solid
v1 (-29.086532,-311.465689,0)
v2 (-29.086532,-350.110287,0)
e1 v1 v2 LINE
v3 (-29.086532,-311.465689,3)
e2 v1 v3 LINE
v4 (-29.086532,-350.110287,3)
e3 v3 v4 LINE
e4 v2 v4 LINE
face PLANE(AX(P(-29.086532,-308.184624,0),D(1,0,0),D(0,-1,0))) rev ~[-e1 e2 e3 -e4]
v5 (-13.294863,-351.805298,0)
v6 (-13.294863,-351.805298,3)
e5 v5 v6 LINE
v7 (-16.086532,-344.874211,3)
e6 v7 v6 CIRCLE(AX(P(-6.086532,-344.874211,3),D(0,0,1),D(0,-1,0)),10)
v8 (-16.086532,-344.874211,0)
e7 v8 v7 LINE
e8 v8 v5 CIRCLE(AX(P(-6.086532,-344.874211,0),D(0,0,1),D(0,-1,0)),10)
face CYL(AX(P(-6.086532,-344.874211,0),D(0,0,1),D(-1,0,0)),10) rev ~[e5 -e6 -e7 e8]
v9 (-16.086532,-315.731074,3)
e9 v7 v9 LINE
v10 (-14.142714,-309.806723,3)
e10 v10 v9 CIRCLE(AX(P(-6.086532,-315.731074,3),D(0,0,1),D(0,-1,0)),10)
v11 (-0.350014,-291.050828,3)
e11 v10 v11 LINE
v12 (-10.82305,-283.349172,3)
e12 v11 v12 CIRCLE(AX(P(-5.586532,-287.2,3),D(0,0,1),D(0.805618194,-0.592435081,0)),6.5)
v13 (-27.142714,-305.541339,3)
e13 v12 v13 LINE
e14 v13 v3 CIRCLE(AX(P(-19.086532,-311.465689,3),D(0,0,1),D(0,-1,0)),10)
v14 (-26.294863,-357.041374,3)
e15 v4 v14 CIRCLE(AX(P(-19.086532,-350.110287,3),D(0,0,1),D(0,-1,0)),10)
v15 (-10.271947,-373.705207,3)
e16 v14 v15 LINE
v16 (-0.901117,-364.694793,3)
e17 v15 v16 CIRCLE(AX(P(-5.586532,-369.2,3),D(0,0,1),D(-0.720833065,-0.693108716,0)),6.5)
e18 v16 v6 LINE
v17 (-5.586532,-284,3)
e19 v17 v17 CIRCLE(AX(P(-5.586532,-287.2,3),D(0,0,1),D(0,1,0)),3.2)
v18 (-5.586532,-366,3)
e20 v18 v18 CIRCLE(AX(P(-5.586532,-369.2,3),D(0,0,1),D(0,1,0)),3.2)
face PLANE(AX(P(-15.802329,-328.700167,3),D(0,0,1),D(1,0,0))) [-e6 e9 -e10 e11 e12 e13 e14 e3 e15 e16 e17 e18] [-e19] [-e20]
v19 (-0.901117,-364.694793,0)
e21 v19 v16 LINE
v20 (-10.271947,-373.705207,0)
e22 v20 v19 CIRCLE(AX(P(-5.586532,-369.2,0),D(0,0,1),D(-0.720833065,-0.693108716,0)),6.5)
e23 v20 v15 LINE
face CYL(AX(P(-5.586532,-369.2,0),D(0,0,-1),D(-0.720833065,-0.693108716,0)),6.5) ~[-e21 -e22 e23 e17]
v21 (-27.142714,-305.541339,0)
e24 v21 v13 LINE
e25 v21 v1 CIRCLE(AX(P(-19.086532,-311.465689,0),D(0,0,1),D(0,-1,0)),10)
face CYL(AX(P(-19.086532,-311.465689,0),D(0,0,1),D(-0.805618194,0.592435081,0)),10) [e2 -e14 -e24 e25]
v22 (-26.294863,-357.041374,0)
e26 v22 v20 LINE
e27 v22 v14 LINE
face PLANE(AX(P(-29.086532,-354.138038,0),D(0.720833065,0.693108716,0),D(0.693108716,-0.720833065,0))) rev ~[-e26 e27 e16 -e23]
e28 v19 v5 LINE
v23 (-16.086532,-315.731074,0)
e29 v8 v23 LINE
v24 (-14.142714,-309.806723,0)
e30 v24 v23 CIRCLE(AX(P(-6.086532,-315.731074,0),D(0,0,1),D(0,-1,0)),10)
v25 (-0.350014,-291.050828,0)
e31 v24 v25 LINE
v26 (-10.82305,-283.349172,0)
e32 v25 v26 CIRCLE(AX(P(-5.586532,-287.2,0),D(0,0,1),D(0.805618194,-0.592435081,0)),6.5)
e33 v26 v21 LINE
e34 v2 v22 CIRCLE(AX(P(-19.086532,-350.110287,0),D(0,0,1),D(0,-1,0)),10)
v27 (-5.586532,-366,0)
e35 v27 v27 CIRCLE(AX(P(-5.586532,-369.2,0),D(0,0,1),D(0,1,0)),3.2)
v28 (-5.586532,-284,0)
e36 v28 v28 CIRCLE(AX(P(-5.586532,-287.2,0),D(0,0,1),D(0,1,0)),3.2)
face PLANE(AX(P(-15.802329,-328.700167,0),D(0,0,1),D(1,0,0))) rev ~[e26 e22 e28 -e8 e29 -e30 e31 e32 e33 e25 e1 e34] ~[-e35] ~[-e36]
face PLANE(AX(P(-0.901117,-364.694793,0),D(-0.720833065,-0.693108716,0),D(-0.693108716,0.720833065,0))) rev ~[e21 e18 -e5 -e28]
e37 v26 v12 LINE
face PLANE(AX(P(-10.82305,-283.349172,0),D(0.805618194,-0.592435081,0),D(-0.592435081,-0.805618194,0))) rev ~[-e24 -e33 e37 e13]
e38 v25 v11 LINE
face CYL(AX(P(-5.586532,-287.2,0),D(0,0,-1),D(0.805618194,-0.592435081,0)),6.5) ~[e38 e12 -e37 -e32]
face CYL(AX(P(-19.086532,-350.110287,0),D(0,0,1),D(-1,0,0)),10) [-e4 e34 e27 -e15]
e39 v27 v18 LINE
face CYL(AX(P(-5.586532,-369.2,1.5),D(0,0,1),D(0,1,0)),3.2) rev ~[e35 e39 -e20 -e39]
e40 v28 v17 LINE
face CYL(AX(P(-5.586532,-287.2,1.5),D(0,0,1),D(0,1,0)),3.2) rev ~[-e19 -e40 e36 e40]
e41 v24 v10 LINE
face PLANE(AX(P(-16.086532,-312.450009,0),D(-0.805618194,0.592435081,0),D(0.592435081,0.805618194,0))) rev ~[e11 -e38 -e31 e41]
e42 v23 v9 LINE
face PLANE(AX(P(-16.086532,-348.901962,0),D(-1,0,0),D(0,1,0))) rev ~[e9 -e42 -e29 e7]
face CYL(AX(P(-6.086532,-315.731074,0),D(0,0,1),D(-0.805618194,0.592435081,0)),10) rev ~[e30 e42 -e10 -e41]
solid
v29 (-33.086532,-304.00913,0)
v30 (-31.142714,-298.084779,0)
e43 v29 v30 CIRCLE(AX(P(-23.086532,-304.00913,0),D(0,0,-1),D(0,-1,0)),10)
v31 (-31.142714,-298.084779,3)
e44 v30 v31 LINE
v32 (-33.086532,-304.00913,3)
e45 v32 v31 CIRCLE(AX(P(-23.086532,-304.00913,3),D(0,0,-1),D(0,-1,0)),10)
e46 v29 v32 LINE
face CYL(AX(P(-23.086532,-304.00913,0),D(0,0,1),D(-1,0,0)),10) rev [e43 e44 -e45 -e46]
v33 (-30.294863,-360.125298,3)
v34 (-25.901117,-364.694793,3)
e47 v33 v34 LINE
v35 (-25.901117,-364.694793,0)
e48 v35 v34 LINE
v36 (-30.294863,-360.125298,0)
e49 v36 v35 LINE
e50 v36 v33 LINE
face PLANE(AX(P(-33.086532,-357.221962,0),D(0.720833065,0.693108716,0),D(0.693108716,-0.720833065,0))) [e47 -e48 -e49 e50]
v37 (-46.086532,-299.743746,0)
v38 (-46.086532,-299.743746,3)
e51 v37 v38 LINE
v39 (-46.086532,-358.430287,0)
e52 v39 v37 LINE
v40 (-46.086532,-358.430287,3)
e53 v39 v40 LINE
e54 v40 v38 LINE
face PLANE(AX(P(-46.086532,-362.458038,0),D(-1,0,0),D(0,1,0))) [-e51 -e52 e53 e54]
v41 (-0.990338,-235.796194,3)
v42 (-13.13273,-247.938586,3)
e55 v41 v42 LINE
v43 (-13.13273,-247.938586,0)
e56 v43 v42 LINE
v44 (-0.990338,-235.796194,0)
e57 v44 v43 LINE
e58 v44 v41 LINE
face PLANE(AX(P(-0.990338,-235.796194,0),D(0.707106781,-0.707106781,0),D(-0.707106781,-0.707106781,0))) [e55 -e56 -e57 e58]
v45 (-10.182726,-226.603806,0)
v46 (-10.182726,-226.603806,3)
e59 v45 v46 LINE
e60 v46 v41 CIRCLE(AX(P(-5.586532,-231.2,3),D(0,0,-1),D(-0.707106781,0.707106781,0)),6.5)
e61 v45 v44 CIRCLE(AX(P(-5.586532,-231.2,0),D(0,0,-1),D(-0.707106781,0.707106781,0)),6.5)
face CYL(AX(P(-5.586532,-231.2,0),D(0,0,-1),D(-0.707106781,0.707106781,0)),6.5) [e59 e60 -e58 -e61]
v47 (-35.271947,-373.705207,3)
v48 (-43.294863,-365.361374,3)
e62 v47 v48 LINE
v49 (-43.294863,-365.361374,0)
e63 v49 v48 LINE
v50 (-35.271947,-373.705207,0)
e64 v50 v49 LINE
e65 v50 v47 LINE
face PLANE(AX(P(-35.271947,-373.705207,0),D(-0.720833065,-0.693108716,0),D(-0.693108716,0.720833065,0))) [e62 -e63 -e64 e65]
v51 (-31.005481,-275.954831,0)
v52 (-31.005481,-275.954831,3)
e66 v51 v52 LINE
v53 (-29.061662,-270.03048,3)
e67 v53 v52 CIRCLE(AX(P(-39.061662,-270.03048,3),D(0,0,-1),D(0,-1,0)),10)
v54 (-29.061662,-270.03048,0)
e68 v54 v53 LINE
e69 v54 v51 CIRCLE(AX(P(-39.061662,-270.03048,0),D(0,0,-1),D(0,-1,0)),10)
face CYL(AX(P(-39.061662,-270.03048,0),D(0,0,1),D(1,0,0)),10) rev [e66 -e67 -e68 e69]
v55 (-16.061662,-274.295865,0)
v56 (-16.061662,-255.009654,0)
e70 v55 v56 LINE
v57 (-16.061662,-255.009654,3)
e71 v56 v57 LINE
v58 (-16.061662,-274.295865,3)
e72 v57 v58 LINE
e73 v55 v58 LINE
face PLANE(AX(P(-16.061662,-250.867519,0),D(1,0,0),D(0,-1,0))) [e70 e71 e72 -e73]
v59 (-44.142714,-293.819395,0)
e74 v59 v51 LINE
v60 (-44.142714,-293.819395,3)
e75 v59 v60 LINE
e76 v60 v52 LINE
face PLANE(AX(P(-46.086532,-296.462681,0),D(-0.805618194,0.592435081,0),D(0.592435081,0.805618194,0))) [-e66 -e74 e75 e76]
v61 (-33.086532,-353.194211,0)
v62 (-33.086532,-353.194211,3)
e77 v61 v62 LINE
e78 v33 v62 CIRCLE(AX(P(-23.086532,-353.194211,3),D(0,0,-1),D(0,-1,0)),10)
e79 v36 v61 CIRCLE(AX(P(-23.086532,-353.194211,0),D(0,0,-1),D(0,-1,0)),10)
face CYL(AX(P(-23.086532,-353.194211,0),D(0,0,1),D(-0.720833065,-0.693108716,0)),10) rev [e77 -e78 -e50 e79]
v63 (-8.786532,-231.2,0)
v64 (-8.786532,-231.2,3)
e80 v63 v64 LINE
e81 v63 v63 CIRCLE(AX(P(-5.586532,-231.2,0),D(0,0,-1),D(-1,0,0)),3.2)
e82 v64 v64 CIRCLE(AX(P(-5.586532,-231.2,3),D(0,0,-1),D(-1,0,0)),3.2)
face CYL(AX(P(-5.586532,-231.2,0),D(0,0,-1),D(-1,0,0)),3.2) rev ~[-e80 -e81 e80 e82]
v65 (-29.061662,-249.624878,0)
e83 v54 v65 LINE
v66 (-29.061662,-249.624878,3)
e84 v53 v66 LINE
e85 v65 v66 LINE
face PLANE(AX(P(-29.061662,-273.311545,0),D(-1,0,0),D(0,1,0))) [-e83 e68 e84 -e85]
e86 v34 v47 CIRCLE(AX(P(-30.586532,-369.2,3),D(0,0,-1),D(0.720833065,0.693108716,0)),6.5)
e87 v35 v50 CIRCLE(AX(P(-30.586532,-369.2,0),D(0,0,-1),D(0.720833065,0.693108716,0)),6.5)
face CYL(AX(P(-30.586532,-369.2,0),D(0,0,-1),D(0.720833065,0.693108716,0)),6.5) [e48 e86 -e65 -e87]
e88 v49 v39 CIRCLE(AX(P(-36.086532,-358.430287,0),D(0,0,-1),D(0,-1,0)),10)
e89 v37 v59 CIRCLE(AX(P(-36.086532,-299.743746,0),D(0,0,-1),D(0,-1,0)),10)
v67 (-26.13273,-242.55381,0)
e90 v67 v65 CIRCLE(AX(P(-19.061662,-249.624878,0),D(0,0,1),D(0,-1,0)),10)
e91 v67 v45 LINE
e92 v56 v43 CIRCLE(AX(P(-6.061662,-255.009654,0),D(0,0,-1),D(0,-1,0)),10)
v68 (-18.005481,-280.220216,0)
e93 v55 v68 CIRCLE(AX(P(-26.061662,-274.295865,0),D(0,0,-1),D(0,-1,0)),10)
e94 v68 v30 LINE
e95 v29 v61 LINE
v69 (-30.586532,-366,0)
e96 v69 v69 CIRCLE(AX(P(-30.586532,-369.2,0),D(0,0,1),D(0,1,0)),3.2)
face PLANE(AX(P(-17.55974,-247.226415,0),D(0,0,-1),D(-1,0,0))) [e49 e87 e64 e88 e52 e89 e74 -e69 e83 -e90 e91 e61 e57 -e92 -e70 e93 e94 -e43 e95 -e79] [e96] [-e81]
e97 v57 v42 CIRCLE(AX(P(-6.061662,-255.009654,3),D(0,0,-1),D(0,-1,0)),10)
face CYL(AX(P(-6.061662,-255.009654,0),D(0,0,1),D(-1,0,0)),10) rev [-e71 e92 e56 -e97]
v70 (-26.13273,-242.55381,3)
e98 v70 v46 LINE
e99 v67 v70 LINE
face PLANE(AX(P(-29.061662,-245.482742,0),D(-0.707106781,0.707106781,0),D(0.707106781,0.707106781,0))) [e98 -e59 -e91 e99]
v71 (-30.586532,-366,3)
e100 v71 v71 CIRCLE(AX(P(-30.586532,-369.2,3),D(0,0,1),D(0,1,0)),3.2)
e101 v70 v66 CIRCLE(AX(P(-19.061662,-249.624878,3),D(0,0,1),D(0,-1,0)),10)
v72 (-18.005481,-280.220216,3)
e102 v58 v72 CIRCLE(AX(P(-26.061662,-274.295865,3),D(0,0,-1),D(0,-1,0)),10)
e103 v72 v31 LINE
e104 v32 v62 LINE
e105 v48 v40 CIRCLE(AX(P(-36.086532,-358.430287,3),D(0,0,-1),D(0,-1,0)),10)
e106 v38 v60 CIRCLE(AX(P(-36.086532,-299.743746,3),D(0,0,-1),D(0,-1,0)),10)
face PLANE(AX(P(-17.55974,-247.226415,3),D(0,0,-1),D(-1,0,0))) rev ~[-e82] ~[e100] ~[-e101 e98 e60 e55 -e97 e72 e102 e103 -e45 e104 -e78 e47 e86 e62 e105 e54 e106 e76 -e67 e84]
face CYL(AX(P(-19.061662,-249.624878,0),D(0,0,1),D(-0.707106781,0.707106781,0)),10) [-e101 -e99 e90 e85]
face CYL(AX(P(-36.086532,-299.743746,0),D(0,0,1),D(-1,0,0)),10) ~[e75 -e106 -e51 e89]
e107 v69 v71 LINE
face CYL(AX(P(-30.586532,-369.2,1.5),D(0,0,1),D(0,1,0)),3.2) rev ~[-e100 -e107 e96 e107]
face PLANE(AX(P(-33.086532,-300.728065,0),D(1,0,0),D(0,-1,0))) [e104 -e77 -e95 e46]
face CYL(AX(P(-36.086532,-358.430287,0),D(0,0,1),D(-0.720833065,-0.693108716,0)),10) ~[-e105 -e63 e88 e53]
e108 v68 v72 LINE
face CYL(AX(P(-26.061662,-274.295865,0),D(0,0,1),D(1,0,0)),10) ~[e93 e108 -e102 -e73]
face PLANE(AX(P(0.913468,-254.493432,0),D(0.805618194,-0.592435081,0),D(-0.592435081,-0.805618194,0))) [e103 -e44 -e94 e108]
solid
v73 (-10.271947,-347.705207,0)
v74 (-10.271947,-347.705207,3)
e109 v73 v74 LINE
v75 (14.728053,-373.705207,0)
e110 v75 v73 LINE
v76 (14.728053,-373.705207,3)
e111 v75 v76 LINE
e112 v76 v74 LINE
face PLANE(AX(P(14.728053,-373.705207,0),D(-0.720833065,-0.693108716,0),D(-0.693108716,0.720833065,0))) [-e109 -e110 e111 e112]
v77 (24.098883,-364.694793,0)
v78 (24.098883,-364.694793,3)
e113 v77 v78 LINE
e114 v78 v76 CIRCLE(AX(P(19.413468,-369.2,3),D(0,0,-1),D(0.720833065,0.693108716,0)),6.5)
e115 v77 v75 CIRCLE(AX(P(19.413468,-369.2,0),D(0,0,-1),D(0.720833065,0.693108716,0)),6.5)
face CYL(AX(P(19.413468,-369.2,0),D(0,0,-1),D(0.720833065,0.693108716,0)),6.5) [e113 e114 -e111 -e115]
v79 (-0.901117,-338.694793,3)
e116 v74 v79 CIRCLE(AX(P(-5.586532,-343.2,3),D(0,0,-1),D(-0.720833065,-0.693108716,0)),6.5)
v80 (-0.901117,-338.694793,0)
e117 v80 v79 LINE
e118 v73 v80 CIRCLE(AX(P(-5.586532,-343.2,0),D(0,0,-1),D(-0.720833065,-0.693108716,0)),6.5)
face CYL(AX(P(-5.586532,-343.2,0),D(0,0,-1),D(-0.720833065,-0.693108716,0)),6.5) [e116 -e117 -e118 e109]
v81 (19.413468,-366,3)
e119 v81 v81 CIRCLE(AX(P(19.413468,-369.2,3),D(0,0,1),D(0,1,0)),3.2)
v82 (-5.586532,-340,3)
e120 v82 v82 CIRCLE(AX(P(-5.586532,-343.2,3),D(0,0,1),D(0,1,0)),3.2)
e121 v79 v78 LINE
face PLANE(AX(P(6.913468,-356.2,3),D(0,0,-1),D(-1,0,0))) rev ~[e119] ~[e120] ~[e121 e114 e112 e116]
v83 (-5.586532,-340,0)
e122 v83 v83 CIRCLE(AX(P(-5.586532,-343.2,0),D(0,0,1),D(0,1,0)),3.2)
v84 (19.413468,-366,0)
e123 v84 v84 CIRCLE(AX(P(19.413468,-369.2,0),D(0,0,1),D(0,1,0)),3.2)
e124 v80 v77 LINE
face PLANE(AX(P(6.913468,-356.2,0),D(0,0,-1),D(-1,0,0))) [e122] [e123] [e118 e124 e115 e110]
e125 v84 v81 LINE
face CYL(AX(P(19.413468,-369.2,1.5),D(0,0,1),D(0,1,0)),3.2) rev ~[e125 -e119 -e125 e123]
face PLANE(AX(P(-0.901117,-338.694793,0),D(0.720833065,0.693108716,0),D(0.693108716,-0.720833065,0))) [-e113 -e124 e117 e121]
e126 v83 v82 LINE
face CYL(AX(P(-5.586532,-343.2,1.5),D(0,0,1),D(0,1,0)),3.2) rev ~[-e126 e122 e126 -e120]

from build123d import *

# Parameters (mm, degrees)
EXTRUDE_1_DEPTH             = 3
EXTRUDE_1_2_DEPTH           = 3
EXTRUDE_1_3_DEPTH           = 3
SKETCH_6_W                  = 3.2
SKETCH_6_H                  = 3
HOLE_WIZARD_M6_1_AT_2_COUNT = 2
HOLE_WIZARD_M6_1_AT_2_PITCH = 25
HOLE_WIZARD_M6_1_AT_3_COUNT = 2
HOLE_WIZARD_M6_1_AT_3_PITCH = 50
HOLE_WIZARD_M6_1_AT_4_COUNT = 2
HOLE_WIZARD_M6_1_AT_4_PITCH = 85.726308681
HOLE_WIZARD_M6_1_AT_5_COUNT = 2
HOLE_WIZARD_M6_1_AT_5_PITCH = 36.069377594
HOLE_WIZARD_M6_1_AT_6_COUNT = 2
HOLE_WIZARD_M6_1_AT_6_PITCH = 140.24621207
FILLET_1_R                  = 10
FILLET_2_R                  = 10
SKETCH_7_R                  = 3.2
CUT_EXTRUDE_1_DEPTH         = 10
SKETCH_7_3_R                = 3.2
EXTRUDE_2_DEPTH             = 3
FILLET_3_R                  = 10


with BuildPart() as part:
    # 草图4 → 凸台-拉伸1 (new body)
    with BuildSketch(Plane.XY):
        with BuildLine():
            Line((-33.086531987, -357.221961826), (-25.901117065, -364.694793344))
            ThreePointArc((-25.901117065, -364.694793344), (-26.081325331, -373.885414922), (-35.271946908, -373.705206656))
            Line((-35.271946908, -373.705206656), (-46.086531987, -362.458038174))
            Line((-46.086531987, -362.458038174), (-46.086531987, -296.462680507))
            Line((-46.086531987, -296.462680507), (-12.086531987, -250.228047376))
            Line((-12.086531987, -250.228047376), (-12.086531987, -231.2))
            ThreePointArc((-12.086531987, -231.2), (-5.586531987, -224.7), (0.913468013, -231.2))
            Line((0.913468013, -231.2), (0.913468013, -254.493431981))
            Line((0.913468013, -254.493431981), (-33.086531987, -300.728065112))
            Line((-33.086531987, -300.728065112), (-33.086531987, -357.221961826))
        make_face()
    extrude(amount=EXTRUDE_1_DEPTH)


with BuildPart() as body_2:
    # 草图4 → Extrude 1 2 (new body)
    with BuildSketch(Plane.XY):
        with BuildLine():
            Line((-10.82305025, -283.349171976), (-29.086531987, -308.184624263))
            Line((-29.086531987, -308.184624263), (-29.086531987, -354.138038174))
            Line((-29.086531987, -354.138038174), (-10.271946908, -373.705206656))
            ThreePointArc((-10.271946908, -373.705206656), (-1.081325331, -373.885414922), (-0.901117065, -364.694793344))
            Line((-0.901117065, -364.694793344), (-16.086531987, -348.901961826))
            Line((-16.086531987, -348.901961826), (-16.086531987, -312.450008868))
            Line((-16.086531987, -312.450008868), (-0.350013723, -291.050828024))
            ThreePointArc((-0.350013723, -291.050828024), (-1.735703962, -281.963481736), (-10.82305025, -283.349171976))
        make_face()
    extrude(amount=EXTRUDE_1_2_DEPTH)


with BuildPart() as body_3:
    # 草图4 → Extrude 1 3 (new body)
    with BuildSketch(Plane.XY):
        with BuildLine():
            Line((-0.901117065, -338.694793344), (24.098882935, -364.694793344))
            ThreePointArc((24.098882935, -364.694793344), (23.918674669, -373.885414922), (14.728053092, -373.705206656))
            Line((14.728053092, -373.705206656), (-10.271946908, -347.705206656))
            ThreePointArc((-10.271946908, -347.705206656), (-10.091738642, -338.514585078), (-0.901117065, -338.694793344))
        make_face()
    extrude(amount=EXTRUDE_1_3_DEPTH)

    # 草图6 → M6 间隙孔1 (revolve, cut)
    with BuildSketch(Plane(origin=(19.413468013, -369.2, 0), x_dir=(0, 1, 0), z_dir=(1, 0, 0))):
        with Locations((1.6, 1.5)):
            Rectangle(SKETCH_6_W, SKETCH_6_H)
    hole_wizard_m6_1 = revolve(axis=Axis((19.413468013, -369.2, -6.35), (0, 0, 1)), mode=Mode.SUBTRACT)

    # M6 间隙孔1 at 5: M6 间隙孔1 ×2
    with Locations(*[Vector(-0.693108716, 0.720833065, 0) * (i * HOLE_WIZARD_M6_1_AT_5_PITCH) for i in range(1, HOLE_WIZARD_M6_1_AT_5_COUNT)]):
        add(hole_wizard_m6_1, mode=Mode.SUBTRACT)


with BuildPart() as body_2_1:
    add(body_2.part)

    # M6 间隙孔1 at 2: M6 间隙孔1 ×2
    with Locations(*[(-i * HOLE_WIZARD_M6_1_AT_2_PITCH, 0, 0) for i in range(1, HOLE_WIZARD_M6_1_AT_2_COUNT)]):
        add(hole_wizard_m6_1, mode=Mode.SUBTRACT)

    # M6 间隙孔1 at 4: M6 间隙孔1 ×2
    with Locations(*[Vector(-0.291625761, 0.956532496, 0) * (i * HOLE_WIZARD_M6_1_AT_4_PITCH) for i in range(1, HOLE_WIZARD_M6_1_AT_4_COUNT)]):
        add(hole_wizard_m6_1, mode=Mode.SUBTRACT)

    # 圆角1
    fillet_1_edges = [body_2_1.edges().sort_by_distance(p)[0] for p in [
        (-16.086531987, -312.450008868, 1.5),
        (-16.086531987, -348.901961826, 1.5),
        (-29.086531987, -354.138038174, 1.5),
        (-29.086531987, -308.184624263, 1.5),
    ]]
    fillet(fillet_1_edges, radius=FILLET_1_R)


with BuildPart() as part_1:
    add(part.part)

    # M6 间隙孔1 at 3: M6 间隙孔1 ×2
    with Locations(*[(-i * HOLE_WIZARD_M6_1_AT_3_PITCH, 0, 0) for i in range(1, HOLE_WIZARD_M6_1_AT_3_COUNT)]):
        add(hole_wizard_m6_1, mode=Mode.SUBTRACT)

    # M6 间隙孔1 at 6: M6 间隙孔1 ×2
    with Locations(*[Vector(-0.178257934, 0.983983795, 0) * (i * HOLE_WIZARD_M6_1_AT_6_PITCH) for i in range(1, HOLE_WIZARD_M6_1_AT_6_COUNT)]):
        add(hole_wizard_m6_1, mode=Mode.SUBTRACT)

    # 圆角2
    fillet_2_edges = [part_1.edges().sort_by_distance(p)[0] for p in [
        (-33.086531987, -357.221961826, 1.5),
        (-46.086531987, -362.458038174, 1.5),
        (-46.086531987, -296.462680507, 1.5),
        (-12.086531987, -250.228047376, 1.5),
        (0.913468013, -254.493431981, 1.5),
        (-33.086531987, -300.728065112, 1.5),
    ]]
    fillet(fillet_2_edges, radius=FILLET_2_R)

    # 草图7 → 切除-拉伸1 (cut)
    with BuildSketch(Plane(origin=(0, 0, 0), x_dir=(-1, 0, 0), z_dir=(0, 0, -1))):
        with BuildLine():
            Line((1.030350042, -257.136717707), (16.061662492, -277.576929959))
            Line((16.061662492, -277.576929959), (16.061662492, -255.633597392))
            Line((16.061662492, -255.633597392), (14.030350042, -252.871333102))
            ThreePointArc((14.030350042, -252.871333102), (12.584905298, -250.064527848), (12.086531987, -246.946982295))
            Line((12.086531987, -246.946982295), (12.086531987, -246.892388155))
            Line((12.086531987, -246.892388155), (0.990337909, -235.796194078))
            ThreePointArc((0.990337909, -235.796194078), (-0.418684975, -233.68744231), (-0.913468013, -231.2))
            Line((-0.913468013, -231.2), (-0.913468013, -251.2123669))
            ThreePointArc((-0.913468013, -251.2123669), (-0.415094702, -254.329912453), (1.030350042, -257.136717707))
        make_face()
        with BuildLine():
            Line((0.990337909, -235.796194078), (12.086531987, -246.892388155))
            Line((12.086531987, -246.892388155), (12.086531987, -231.2))
            ThreePointArc((12.086531987, -231.2), (8.073974297, -237.205216961), (0.990337909, -235.796194078))
        make_face()
        with BuildLine():
            ThreePointArc((10.182726064, -226.603805922), (3.099089676, -225.194783039), (-0.913468013, -231.2))
            ThreePointArc((-0.913468013, -231.2), (-0.418684975, -233.68744231), (0.990337909, -235.796194078))
            ThreePointArc((0.990337909, -235.796194078), (8.073974297, -237.205216961), (12.086531987, -231.2))
            ThreePointArc((12.086531987, -231.2), (11.591748948, -228.71255769), (10.182726064, -226.603805922))
        make_face()
        with Locations((5.586531987, -231.2)):
            Circle(SKETCH_7_R, mode=Mode.SUBTRACT)
    extrude(amount=-CUT_EXTRUDE_1_DEPTH, mode=Mode.SUBTRACT)

    # 草图7<3> → 凸台-拉伸2 (add)
    with BuildSketch(Plane(origin=(0, 0, 0), x_dir=(-1, 0, 0), z_dir=(0, 0, -1))):
        with BuildLine():
            Line((16.061662492, -250.867518661), (16.061662492, -255.633597392))
            Line((16.061662492, -255.633597392), (29.061662492, -273.311545354))
            Line((29.061662492, -273.311545354), (29.061662492, -245.48274235))
            Line((29.061662492, -245.48274235), (10.182726064, -226.603805922))
            ThreePointArc((10.182726064, -226.603805922), (0.990337909, -226.603805922), (0.990337909, -235.796194078))
            Line((0.990337909, -235.796194078), (16.061662492, -250.867518661))
        make_face()
        with Locations((5.586531987, -231.2)):
            Circle(SKETCH_7_3_R, mode=Mode.SUBTRACT)
    extrude(amount=-EXTRUDE_2_DEPTH)

    # 圆角3
    fillet_3_edges = [part_1.edges().sort_by_distance(p)[0] for p in [
        (-16.061662492, -250.867518661, 1.5),
        (-29.061662492, -273.311545354, 1.5),
        (-29.061662492, -245.48274235, 1.5),
        (-16.061662492, -277.576929959, 1.5),
    ]]
    fillet(fillet_3_edges, radius=FILLET_3_R)


solid = Compound([body_3.part, body_2_1.part, part_1.part])
